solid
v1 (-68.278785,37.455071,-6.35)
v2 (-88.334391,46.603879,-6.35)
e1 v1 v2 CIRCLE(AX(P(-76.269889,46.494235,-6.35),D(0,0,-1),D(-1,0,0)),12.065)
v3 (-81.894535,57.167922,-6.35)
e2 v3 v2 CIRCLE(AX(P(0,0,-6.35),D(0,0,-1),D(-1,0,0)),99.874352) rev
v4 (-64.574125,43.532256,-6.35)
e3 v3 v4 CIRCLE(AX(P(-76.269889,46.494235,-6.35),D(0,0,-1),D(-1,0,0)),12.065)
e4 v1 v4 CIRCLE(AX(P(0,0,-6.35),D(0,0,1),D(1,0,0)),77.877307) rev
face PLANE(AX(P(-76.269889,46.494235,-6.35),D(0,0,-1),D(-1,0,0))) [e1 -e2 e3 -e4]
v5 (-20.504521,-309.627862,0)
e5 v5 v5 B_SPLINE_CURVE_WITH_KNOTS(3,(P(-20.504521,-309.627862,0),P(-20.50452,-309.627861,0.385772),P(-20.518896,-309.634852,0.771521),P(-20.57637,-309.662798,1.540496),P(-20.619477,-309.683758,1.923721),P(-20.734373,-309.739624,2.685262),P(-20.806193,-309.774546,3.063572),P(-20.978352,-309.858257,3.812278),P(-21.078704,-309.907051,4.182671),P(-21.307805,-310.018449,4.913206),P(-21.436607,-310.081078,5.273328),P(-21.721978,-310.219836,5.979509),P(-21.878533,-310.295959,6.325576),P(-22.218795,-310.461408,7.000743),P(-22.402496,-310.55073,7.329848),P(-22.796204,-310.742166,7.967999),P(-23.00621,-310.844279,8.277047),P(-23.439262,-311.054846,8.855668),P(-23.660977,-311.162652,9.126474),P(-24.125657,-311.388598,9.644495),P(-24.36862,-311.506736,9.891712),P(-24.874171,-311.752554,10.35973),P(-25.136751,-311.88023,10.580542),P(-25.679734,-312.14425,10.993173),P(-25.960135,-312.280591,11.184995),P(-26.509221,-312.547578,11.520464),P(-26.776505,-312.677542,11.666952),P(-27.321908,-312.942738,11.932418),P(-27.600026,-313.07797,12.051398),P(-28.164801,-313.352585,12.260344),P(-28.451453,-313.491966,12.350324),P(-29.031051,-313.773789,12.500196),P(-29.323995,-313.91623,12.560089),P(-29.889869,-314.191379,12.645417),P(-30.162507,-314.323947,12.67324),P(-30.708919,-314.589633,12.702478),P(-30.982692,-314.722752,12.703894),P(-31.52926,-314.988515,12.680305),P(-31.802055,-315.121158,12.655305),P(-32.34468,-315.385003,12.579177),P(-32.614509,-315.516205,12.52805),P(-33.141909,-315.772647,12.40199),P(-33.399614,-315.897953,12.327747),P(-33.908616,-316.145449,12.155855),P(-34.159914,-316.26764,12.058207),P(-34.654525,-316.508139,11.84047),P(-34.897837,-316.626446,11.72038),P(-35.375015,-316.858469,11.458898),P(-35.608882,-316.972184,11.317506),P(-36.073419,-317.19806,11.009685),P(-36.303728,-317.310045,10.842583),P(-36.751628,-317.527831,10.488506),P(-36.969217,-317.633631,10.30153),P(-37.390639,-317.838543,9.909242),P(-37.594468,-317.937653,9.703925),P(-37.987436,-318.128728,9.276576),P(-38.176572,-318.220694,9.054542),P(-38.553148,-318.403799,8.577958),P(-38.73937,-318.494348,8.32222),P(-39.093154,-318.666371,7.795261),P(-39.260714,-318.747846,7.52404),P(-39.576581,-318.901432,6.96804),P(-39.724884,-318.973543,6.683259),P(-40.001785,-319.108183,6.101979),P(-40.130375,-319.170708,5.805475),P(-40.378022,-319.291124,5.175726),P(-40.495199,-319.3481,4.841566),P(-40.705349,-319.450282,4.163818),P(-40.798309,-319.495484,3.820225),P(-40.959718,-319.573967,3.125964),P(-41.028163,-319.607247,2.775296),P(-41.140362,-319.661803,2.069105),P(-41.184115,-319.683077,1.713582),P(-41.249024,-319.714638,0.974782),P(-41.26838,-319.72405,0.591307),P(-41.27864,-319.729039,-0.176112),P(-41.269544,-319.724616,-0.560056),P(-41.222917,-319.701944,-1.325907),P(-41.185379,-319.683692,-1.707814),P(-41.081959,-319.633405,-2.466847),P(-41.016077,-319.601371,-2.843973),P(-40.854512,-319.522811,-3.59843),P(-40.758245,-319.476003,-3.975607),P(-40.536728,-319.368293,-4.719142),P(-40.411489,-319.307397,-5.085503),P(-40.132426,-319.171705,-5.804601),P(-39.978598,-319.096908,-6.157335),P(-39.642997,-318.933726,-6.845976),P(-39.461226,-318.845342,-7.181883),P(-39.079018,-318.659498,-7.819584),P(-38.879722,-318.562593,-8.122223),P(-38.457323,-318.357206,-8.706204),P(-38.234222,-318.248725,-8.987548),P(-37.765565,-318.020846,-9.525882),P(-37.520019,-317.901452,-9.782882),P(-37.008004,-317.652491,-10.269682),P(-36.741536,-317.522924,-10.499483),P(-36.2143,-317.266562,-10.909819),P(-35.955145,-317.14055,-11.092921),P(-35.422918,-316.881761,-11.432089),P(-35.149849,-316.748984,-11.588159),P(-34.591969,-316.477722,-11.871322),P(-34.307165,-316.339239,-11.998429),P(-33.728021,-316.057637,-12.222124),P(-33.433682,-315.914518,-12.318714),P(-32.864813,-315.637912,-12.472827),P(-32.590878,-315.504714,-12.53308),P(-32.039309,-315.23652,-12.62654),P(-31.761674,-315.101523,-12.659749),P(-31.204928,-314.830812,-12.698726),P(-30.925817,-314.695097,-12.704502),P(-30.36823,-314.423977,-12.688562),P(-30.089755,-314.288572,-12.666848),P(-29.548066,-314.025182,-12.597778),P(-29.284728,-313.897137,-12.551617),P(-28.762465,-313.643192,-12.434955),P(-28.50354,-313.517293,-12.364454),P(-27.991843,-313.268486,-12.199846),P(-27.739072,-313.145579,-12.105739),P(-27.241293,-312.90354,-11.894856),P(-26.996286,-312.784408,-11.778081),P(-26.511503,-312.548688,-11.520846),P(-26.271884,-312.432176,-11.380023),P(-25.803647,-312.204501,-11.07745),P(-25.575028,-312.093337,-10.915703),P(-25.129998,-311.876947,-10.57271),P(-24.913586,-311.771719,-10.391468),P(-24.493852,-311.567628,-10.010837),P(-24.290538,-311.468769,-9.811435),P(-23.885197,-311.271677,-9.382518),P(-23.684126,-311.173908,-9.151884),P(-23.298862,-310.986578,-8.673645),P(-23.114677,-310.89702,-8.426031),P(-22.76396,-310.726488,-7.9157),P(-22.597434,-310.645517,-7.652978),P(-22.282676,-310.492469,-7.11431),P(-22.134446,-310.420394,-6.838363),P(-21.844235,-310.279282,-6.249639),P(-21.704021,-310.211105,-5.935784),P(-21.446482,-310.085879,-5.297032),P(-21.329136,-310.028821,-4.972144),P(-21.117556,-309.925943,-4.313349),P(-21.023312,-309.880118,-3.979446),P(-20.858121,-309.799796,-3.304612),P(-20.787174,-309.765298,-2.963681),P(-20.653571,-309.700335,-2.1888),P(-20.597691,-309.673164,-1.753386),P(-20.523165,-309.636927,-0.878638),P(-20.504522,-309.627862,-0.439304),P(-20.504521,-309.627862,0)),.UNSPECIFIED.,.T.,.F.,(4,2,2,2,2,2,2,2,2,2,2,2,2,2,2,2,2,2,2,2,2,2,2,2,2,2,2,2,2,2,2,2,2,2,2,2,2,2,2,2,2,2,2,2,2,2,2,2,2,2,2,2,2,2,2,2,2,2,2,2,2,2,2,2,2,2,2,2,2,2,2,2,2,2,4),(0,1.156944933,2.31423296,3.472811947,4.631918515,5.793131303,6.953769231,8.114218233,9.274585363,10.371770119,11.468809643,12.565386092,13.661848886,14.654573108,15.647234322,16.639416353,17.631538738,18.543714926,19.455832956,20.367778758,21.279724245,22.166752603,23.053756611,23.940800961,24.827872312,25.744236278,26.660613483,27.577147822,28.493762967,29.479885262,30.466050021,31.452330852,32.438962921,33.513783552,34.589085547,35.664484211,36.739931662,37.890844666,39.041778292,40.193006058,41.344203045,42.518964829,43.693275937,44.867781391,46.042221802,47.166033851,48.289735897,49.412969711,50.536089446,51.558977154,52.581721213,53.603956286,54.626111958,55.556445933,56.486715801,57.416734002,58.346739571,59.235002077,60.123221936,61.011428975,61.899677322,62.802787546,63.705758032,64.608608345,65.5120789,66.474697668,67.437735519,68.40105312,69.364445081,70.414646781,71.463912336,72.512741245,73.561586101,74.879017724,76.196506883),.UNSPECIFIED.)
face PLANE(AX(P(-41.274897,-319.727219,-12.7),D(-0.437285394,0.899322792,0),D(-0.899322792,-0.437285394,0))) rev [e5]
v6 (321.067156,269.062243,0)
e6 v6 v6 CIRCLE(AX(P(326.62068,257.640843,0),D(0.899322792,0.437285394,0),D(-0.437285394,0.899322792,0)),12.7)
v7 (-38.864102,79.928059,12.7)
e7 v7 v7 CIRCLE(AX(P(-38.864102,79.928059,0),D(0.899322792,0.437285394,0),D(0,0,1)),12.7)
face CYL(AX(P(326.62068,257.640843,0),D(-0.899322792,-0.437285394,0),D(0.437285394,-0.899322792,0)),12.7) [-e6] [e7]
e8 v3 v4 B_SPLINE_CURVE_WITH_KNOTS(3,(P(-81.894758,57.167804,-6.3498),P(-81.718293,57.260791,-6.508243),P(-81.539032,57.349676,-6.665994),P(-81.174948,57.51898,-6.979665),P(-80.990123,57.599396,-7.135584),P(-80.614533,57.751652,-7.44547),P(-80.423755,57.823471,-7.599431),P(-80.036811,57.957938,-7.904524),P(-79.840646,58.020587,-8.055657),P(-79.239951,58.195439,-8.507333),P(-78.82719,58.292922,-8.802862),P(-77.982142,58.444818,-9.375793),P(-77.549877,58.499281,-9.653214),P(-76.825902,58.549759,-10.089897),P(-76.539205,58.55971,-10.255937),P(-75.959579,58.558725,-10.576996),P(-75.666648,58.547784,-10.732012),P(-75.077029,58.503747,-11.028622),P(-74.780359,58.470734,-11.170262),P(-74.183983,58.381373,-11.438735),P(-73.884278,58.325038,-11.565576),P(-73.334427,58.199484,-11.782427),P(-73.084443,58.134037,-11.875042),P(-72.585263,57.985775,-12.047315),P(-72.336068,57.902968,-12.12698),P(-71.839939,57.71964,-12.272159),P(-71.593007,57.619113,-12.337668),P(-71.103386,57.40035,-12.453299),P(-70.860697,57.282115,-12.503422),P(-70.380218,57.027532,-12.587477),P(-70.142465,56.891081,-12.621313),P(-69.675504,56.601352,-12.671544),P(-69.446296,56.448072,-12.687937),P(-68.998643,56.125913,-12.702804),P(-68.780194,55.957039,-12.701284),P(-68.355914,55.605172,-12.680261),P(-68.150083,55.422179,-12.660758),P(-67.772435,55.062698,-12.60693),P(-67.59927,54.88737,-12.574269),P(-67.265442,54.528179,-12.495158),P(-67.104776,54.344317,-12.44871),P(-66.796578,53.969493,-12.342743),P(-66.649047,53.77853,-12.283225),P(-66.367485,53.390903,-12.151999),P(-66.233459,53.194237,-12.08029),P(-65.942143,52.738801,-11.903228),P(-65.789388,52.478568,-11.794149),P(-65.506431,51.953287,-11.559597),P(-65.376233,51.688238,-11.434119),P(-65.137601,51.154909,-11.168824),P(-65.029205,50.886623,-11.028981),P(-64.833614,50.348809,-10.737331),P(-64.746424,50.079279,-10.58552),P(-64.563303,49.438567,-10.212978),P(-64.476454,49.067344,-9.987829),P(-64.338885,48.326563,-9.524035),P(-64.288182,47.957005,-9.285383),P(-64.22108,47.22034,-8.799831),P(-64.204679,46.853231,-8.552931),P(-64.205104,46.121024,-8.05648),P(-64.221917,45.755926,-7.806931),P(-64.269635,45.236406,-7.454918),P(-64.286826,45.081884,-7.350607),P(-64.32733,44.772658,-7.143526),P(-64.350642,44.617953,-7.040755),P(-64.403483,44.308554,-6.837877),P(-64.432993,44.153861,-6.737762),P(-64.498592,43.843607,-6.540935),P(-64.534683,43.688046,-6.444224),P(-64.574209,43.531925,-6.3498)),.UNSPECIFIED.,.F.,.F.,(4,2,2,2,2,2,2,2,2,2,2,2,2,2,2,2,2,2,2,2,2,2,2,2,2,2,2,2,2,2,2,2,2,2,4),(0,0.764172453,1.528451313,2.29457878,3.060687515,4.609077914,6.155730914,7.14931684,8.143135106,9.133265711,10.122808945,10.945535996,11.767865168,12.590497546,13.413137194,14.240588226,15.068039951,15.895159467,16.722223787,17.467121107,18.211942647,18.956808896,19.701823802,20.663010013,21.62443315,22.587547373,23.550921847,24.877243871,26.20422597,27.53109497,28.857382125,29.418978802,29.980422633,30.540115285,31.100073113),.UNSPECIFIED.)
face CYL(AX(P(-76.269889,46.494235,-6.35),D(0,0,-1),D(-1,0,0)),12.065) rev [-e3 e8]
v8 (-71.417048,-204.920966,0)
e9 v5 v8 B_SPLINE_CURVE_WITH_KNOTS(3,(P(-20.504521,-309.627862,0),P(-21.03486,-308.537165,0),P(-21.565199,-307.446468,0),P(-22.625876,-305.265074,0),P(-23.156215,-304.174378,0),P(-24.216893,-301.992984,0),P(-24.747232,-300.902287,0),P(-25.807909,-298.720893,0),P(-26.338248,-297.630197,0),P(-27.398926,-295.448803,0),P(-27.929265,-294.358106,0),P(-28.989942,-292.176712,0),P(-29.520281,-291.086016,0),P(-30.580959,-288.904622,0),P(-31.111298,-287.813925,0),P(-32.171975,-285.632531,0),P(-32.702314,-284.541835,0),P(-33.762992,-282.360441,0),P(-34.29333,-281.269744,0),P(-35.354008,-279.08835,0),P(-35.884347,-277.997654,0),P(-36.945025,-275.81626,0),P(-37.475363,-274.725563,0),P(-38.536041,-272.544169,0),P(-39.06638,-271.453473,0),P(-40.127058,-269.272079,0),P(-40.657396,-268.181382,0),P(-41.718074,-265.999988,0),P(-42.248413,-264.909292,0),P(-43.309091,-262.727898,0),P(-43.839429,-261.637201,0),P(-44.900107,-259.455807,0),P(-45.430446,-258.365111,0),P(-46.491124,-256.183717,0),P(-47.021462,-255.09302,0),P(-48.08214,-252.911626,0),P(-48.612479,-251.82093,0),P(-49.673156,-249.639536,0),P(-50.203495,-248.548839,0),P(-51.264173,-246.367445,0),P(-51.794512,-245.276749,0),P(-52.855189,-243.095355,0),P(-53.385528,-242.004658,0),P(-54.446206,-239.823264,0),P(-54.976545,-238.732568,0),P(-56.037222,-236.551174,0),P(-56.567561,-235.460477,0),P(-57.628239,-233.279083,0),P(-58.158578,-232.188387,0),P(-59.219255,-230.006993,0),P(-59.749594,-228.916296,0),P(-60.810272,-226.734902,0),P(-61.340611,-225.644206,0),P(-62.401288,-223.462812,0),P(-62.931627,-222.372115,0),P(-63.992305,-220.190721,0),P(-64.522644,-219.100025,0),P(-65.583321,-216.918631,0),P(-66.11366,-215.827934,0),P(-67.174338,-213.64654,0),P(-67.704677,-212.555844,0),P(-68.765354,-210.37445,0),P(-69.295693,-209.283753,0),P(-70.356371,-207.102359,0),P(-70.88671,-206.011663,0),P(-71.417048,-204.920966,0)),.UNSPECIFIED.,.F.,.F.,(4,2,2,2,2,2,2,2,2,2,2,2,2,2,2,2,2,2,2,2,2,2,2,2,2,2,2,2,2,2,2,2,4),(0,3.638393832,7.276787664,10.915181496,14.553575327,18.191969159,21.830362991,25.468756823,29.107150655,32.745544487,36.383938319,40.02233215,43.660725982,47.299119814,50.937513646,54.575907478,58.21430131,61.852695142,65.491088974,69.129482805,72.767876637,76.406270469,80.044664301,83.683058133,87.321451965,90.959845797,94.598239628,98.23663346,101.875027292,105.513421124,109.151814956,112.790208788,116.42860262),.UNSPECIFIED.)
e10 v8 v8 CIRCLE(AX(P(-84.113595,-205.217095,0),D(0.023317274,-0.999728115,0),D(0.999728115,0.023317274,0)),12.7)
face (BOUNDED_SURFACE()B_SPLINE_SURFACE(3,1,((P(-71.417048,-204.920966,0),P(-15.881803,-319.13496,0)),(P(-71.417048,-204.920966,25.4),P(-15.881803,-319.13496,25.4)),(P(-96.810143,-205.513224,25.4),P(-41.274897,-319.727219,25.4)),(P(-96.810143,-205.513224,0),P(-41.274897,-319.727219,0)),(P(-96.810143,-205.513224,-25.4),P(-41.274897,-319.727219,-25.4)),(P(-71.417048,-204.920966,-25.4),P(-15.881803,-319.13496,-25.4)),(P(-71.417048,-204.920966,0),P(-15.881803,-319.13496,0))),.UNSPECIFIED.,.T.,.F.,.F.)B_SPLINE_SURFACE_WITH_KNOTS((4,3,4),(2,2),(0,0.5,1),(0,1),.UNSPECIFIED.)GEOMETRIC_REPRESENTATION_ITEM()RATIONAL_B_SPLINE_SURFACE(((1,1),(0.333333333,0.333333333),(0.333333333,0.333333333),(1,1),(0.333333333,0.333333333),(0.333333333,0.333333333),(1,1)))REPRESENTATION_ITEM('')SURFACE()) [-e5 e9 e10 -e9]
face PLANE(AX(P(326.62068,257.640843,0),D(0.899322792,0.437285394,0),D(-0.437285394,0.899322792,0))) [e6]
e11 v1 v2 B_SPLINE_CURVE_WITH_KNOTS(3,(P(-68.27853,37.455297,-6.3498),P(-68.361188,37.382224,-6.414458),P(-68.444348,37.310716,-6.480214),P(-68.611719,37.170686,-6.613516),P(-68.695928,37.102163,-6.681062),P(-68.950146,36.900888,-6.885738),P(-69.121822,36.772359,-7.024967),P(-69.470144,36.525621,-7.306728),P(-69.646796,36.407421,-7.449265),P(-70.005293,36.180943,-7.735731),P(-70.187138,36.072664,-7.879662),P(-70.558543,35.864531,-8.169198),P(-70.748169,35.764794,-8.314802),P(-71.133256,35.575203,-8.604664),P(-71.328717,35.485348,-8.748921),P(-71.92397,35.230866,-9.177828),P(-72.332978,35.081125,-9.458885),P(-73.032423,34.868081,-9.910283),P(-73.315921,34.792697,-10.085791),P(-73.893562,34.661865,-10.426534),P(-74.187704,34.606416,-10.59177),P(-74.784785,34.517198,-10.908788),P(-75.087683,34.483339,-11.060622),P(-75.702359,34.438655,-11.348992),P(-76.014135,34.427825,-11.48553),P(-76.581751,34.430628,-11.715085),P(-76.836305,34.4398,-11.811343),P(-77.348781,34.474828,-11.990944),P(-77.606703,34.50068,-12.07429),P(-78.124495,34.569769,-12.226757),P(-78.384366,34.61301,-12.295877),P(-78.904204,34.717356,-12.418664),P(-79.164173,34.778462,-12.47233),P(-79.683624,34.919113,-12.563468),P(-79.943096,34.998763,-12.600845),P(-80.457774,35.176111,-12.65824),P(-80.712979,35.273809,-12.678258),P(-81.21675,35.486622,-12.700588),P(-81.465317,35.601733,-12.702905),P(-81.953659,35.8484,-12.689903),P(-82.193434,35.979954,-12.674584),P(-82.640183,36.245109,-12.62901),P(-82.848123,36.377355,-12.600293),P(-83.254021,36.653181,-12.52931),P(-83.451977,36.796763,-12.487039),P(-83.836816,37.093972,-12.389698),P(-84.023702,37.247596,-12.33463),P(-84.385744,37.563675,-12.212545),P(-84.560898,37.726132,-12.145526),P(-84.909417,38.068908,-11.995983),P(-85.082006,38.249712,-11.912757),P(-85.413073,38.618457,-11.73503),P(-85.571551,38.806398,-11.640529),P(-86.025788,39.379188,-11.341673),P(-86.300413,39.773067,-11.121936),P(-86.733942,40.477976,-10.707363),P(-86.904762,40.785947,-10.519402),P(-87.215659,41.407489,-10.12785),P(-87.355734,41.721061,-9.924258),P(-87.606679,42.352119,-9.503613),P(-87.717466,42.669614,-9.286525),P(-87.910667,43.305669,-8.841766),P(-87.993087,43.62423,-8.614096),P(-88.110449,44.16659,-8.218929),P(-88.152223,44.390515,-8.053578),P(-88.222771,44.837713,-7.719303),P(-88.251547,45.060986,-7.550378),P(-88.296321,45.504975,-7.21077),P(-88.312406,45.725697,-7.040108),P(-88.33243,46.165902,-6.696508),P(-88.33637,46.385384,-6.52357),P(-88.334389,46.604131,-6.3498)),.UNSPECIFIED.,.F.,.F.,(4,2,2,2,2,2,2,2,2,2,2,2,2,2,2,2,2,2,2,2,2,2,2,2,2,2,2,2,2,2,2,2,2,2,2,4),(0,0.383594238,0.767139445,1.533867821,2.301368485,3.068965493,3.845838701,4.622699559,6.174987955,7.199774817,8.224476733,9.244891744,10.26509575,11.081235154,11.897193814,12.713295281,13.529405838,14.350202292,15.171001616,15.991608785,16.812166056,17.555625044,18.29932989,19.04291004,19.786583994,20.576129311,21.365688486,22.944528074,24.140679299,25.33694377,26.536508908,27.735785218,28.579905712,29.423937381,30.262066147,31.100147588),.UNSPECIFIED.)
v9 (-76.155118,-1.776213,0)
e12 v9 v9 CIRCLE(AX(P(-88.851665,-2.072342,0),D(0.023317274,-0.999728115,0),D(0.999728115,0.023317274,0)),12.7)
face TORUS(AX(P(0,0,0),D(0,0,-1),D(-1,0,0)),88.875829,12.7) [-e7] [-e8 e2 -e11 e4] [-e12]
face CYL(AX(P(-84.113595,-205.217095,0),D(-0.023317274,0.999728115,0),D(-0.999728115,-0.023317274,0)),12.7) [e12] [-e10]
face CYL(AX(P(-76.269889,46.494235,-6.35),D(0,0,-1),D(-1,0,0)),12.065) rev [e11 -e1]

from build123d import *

# Parameters (mm, degrees)
SKETCH5_R               = 12.7
SKETCH6_R               = 12.7
BOSS_EXTRUDE3_DEPTH     = 406.4
SKETCH7_R               = 12.7
BOSS_EXTRUDE4_DEPTH     = 203.2
SKETCH9_R               = 12.065
CUT_EXTRUDE2_DEPTH      = 6.35
SKETCH10_R              = 12.7
CUT_EXTRUDE3_DEPTH      = 462.222817168
CUT_EXTRUDE3_DEPTH_BACK = 462.222817168


with BuildPart() as part:
    # Sweep1: sweep along a path in Sketch4
    with BuildLine(Plane.XY) as sweep1_path:
        ThreePointArc((-38.874671546, 79.949796199), (-75.907697444, 46.273442371), (-88.87582946, -2.072905643))
    # Sketch5 → Sweep1 (sweep)
    with BuildSketch(Plane(origin=(0, 0, 0), x_dir=(1, 0, 0), z_dir=(0, 1, 0))):
        with Locations((-88.87582946, 0)):
            Circle(SKETCH5_R)
    sweep(path=sweep1_path.line)

    # Sketch6 → Boss-Extrude3 (add)
    with BuildSketch(Plane(origin=(0, 0, 0), x_dir=(0, 0, -1), z_dir=(0.8993227918843839, 0.43728539421901275, 0))):
        with Locations(Location((0, 88.87582946, 0), (0, 0, 180))):
            Circle(SKETCH6_R)
    extrude(amount=BOSS_EXTRUDE3_DEPTH)

    # Sketch7 → Boss-Extrude4 (add)
    with BuildSketch(Plane(origin=(0, 0, 0), x_dir=(-0.9997281154099812, -0.023317273828803834, 0), z_dir=(0.023317273828803834, -0.9997281154099812, 0))):
        with Locations((88.87582946, 0)):
            Circle(SKETCH7_R)
    extrude(amount=BOSS_EXTRUDE4_DEPTH)

    # Sketch9 → Cut-Extrude2 (cut)
    with BuildSketch(Plane(origin=(0, 0, -12.7), x_dir=(-1, 0, 0), z_dir=(0, 0, -1))):
        with Locations((76.269889492, 46.494235168)):
            Circle(SKETCH9_R)
    extrude(amount=-CUT_EXTRUDE2_DEPTH, mode=Mode.SUBTRACT)

    # Sweep2: sweep along a path in Sketch11
    with BuildLine(Plane.XY) as sweep2_path:
        Line((-84.113595449, -205.217095104), (-28.578350384, -319.431089673))
    # Sketch10 → Sweep2 (sweep)
    with BuildSketch(Plane(origin=(4.738070042, -203.144753051, 0), x_dir=(-0.9997281154099812, -0.023317273828803834, 0), z_dir=(0.023317273828803834, -0.9997281154099812, 0))):
        with Locations((88.87582946, 0)):
            Circle(SKETCH10_R)
    sweep(path=sweep2_path.line)

    # Sketch12 → Cut-Extrude3 (cut, two sides: drawn at the far end of the back side and taken through both)
    with BuildSketch(Plane.XY.offset(-CUT_EXTRUDE3_DEPTH_BACK)):
        Polygon((-41.274897449, -319.727219051), (-20.504520989, -309.627861689), (-15.881803318, -319.134960295), align=None)
    extrude(amount=CUT_EXTRUDE3_DEPTH + CUT_EXTRUDE3_DEPTH_BACK, mode=Mode.SUBTRACT)


solid = part.part
